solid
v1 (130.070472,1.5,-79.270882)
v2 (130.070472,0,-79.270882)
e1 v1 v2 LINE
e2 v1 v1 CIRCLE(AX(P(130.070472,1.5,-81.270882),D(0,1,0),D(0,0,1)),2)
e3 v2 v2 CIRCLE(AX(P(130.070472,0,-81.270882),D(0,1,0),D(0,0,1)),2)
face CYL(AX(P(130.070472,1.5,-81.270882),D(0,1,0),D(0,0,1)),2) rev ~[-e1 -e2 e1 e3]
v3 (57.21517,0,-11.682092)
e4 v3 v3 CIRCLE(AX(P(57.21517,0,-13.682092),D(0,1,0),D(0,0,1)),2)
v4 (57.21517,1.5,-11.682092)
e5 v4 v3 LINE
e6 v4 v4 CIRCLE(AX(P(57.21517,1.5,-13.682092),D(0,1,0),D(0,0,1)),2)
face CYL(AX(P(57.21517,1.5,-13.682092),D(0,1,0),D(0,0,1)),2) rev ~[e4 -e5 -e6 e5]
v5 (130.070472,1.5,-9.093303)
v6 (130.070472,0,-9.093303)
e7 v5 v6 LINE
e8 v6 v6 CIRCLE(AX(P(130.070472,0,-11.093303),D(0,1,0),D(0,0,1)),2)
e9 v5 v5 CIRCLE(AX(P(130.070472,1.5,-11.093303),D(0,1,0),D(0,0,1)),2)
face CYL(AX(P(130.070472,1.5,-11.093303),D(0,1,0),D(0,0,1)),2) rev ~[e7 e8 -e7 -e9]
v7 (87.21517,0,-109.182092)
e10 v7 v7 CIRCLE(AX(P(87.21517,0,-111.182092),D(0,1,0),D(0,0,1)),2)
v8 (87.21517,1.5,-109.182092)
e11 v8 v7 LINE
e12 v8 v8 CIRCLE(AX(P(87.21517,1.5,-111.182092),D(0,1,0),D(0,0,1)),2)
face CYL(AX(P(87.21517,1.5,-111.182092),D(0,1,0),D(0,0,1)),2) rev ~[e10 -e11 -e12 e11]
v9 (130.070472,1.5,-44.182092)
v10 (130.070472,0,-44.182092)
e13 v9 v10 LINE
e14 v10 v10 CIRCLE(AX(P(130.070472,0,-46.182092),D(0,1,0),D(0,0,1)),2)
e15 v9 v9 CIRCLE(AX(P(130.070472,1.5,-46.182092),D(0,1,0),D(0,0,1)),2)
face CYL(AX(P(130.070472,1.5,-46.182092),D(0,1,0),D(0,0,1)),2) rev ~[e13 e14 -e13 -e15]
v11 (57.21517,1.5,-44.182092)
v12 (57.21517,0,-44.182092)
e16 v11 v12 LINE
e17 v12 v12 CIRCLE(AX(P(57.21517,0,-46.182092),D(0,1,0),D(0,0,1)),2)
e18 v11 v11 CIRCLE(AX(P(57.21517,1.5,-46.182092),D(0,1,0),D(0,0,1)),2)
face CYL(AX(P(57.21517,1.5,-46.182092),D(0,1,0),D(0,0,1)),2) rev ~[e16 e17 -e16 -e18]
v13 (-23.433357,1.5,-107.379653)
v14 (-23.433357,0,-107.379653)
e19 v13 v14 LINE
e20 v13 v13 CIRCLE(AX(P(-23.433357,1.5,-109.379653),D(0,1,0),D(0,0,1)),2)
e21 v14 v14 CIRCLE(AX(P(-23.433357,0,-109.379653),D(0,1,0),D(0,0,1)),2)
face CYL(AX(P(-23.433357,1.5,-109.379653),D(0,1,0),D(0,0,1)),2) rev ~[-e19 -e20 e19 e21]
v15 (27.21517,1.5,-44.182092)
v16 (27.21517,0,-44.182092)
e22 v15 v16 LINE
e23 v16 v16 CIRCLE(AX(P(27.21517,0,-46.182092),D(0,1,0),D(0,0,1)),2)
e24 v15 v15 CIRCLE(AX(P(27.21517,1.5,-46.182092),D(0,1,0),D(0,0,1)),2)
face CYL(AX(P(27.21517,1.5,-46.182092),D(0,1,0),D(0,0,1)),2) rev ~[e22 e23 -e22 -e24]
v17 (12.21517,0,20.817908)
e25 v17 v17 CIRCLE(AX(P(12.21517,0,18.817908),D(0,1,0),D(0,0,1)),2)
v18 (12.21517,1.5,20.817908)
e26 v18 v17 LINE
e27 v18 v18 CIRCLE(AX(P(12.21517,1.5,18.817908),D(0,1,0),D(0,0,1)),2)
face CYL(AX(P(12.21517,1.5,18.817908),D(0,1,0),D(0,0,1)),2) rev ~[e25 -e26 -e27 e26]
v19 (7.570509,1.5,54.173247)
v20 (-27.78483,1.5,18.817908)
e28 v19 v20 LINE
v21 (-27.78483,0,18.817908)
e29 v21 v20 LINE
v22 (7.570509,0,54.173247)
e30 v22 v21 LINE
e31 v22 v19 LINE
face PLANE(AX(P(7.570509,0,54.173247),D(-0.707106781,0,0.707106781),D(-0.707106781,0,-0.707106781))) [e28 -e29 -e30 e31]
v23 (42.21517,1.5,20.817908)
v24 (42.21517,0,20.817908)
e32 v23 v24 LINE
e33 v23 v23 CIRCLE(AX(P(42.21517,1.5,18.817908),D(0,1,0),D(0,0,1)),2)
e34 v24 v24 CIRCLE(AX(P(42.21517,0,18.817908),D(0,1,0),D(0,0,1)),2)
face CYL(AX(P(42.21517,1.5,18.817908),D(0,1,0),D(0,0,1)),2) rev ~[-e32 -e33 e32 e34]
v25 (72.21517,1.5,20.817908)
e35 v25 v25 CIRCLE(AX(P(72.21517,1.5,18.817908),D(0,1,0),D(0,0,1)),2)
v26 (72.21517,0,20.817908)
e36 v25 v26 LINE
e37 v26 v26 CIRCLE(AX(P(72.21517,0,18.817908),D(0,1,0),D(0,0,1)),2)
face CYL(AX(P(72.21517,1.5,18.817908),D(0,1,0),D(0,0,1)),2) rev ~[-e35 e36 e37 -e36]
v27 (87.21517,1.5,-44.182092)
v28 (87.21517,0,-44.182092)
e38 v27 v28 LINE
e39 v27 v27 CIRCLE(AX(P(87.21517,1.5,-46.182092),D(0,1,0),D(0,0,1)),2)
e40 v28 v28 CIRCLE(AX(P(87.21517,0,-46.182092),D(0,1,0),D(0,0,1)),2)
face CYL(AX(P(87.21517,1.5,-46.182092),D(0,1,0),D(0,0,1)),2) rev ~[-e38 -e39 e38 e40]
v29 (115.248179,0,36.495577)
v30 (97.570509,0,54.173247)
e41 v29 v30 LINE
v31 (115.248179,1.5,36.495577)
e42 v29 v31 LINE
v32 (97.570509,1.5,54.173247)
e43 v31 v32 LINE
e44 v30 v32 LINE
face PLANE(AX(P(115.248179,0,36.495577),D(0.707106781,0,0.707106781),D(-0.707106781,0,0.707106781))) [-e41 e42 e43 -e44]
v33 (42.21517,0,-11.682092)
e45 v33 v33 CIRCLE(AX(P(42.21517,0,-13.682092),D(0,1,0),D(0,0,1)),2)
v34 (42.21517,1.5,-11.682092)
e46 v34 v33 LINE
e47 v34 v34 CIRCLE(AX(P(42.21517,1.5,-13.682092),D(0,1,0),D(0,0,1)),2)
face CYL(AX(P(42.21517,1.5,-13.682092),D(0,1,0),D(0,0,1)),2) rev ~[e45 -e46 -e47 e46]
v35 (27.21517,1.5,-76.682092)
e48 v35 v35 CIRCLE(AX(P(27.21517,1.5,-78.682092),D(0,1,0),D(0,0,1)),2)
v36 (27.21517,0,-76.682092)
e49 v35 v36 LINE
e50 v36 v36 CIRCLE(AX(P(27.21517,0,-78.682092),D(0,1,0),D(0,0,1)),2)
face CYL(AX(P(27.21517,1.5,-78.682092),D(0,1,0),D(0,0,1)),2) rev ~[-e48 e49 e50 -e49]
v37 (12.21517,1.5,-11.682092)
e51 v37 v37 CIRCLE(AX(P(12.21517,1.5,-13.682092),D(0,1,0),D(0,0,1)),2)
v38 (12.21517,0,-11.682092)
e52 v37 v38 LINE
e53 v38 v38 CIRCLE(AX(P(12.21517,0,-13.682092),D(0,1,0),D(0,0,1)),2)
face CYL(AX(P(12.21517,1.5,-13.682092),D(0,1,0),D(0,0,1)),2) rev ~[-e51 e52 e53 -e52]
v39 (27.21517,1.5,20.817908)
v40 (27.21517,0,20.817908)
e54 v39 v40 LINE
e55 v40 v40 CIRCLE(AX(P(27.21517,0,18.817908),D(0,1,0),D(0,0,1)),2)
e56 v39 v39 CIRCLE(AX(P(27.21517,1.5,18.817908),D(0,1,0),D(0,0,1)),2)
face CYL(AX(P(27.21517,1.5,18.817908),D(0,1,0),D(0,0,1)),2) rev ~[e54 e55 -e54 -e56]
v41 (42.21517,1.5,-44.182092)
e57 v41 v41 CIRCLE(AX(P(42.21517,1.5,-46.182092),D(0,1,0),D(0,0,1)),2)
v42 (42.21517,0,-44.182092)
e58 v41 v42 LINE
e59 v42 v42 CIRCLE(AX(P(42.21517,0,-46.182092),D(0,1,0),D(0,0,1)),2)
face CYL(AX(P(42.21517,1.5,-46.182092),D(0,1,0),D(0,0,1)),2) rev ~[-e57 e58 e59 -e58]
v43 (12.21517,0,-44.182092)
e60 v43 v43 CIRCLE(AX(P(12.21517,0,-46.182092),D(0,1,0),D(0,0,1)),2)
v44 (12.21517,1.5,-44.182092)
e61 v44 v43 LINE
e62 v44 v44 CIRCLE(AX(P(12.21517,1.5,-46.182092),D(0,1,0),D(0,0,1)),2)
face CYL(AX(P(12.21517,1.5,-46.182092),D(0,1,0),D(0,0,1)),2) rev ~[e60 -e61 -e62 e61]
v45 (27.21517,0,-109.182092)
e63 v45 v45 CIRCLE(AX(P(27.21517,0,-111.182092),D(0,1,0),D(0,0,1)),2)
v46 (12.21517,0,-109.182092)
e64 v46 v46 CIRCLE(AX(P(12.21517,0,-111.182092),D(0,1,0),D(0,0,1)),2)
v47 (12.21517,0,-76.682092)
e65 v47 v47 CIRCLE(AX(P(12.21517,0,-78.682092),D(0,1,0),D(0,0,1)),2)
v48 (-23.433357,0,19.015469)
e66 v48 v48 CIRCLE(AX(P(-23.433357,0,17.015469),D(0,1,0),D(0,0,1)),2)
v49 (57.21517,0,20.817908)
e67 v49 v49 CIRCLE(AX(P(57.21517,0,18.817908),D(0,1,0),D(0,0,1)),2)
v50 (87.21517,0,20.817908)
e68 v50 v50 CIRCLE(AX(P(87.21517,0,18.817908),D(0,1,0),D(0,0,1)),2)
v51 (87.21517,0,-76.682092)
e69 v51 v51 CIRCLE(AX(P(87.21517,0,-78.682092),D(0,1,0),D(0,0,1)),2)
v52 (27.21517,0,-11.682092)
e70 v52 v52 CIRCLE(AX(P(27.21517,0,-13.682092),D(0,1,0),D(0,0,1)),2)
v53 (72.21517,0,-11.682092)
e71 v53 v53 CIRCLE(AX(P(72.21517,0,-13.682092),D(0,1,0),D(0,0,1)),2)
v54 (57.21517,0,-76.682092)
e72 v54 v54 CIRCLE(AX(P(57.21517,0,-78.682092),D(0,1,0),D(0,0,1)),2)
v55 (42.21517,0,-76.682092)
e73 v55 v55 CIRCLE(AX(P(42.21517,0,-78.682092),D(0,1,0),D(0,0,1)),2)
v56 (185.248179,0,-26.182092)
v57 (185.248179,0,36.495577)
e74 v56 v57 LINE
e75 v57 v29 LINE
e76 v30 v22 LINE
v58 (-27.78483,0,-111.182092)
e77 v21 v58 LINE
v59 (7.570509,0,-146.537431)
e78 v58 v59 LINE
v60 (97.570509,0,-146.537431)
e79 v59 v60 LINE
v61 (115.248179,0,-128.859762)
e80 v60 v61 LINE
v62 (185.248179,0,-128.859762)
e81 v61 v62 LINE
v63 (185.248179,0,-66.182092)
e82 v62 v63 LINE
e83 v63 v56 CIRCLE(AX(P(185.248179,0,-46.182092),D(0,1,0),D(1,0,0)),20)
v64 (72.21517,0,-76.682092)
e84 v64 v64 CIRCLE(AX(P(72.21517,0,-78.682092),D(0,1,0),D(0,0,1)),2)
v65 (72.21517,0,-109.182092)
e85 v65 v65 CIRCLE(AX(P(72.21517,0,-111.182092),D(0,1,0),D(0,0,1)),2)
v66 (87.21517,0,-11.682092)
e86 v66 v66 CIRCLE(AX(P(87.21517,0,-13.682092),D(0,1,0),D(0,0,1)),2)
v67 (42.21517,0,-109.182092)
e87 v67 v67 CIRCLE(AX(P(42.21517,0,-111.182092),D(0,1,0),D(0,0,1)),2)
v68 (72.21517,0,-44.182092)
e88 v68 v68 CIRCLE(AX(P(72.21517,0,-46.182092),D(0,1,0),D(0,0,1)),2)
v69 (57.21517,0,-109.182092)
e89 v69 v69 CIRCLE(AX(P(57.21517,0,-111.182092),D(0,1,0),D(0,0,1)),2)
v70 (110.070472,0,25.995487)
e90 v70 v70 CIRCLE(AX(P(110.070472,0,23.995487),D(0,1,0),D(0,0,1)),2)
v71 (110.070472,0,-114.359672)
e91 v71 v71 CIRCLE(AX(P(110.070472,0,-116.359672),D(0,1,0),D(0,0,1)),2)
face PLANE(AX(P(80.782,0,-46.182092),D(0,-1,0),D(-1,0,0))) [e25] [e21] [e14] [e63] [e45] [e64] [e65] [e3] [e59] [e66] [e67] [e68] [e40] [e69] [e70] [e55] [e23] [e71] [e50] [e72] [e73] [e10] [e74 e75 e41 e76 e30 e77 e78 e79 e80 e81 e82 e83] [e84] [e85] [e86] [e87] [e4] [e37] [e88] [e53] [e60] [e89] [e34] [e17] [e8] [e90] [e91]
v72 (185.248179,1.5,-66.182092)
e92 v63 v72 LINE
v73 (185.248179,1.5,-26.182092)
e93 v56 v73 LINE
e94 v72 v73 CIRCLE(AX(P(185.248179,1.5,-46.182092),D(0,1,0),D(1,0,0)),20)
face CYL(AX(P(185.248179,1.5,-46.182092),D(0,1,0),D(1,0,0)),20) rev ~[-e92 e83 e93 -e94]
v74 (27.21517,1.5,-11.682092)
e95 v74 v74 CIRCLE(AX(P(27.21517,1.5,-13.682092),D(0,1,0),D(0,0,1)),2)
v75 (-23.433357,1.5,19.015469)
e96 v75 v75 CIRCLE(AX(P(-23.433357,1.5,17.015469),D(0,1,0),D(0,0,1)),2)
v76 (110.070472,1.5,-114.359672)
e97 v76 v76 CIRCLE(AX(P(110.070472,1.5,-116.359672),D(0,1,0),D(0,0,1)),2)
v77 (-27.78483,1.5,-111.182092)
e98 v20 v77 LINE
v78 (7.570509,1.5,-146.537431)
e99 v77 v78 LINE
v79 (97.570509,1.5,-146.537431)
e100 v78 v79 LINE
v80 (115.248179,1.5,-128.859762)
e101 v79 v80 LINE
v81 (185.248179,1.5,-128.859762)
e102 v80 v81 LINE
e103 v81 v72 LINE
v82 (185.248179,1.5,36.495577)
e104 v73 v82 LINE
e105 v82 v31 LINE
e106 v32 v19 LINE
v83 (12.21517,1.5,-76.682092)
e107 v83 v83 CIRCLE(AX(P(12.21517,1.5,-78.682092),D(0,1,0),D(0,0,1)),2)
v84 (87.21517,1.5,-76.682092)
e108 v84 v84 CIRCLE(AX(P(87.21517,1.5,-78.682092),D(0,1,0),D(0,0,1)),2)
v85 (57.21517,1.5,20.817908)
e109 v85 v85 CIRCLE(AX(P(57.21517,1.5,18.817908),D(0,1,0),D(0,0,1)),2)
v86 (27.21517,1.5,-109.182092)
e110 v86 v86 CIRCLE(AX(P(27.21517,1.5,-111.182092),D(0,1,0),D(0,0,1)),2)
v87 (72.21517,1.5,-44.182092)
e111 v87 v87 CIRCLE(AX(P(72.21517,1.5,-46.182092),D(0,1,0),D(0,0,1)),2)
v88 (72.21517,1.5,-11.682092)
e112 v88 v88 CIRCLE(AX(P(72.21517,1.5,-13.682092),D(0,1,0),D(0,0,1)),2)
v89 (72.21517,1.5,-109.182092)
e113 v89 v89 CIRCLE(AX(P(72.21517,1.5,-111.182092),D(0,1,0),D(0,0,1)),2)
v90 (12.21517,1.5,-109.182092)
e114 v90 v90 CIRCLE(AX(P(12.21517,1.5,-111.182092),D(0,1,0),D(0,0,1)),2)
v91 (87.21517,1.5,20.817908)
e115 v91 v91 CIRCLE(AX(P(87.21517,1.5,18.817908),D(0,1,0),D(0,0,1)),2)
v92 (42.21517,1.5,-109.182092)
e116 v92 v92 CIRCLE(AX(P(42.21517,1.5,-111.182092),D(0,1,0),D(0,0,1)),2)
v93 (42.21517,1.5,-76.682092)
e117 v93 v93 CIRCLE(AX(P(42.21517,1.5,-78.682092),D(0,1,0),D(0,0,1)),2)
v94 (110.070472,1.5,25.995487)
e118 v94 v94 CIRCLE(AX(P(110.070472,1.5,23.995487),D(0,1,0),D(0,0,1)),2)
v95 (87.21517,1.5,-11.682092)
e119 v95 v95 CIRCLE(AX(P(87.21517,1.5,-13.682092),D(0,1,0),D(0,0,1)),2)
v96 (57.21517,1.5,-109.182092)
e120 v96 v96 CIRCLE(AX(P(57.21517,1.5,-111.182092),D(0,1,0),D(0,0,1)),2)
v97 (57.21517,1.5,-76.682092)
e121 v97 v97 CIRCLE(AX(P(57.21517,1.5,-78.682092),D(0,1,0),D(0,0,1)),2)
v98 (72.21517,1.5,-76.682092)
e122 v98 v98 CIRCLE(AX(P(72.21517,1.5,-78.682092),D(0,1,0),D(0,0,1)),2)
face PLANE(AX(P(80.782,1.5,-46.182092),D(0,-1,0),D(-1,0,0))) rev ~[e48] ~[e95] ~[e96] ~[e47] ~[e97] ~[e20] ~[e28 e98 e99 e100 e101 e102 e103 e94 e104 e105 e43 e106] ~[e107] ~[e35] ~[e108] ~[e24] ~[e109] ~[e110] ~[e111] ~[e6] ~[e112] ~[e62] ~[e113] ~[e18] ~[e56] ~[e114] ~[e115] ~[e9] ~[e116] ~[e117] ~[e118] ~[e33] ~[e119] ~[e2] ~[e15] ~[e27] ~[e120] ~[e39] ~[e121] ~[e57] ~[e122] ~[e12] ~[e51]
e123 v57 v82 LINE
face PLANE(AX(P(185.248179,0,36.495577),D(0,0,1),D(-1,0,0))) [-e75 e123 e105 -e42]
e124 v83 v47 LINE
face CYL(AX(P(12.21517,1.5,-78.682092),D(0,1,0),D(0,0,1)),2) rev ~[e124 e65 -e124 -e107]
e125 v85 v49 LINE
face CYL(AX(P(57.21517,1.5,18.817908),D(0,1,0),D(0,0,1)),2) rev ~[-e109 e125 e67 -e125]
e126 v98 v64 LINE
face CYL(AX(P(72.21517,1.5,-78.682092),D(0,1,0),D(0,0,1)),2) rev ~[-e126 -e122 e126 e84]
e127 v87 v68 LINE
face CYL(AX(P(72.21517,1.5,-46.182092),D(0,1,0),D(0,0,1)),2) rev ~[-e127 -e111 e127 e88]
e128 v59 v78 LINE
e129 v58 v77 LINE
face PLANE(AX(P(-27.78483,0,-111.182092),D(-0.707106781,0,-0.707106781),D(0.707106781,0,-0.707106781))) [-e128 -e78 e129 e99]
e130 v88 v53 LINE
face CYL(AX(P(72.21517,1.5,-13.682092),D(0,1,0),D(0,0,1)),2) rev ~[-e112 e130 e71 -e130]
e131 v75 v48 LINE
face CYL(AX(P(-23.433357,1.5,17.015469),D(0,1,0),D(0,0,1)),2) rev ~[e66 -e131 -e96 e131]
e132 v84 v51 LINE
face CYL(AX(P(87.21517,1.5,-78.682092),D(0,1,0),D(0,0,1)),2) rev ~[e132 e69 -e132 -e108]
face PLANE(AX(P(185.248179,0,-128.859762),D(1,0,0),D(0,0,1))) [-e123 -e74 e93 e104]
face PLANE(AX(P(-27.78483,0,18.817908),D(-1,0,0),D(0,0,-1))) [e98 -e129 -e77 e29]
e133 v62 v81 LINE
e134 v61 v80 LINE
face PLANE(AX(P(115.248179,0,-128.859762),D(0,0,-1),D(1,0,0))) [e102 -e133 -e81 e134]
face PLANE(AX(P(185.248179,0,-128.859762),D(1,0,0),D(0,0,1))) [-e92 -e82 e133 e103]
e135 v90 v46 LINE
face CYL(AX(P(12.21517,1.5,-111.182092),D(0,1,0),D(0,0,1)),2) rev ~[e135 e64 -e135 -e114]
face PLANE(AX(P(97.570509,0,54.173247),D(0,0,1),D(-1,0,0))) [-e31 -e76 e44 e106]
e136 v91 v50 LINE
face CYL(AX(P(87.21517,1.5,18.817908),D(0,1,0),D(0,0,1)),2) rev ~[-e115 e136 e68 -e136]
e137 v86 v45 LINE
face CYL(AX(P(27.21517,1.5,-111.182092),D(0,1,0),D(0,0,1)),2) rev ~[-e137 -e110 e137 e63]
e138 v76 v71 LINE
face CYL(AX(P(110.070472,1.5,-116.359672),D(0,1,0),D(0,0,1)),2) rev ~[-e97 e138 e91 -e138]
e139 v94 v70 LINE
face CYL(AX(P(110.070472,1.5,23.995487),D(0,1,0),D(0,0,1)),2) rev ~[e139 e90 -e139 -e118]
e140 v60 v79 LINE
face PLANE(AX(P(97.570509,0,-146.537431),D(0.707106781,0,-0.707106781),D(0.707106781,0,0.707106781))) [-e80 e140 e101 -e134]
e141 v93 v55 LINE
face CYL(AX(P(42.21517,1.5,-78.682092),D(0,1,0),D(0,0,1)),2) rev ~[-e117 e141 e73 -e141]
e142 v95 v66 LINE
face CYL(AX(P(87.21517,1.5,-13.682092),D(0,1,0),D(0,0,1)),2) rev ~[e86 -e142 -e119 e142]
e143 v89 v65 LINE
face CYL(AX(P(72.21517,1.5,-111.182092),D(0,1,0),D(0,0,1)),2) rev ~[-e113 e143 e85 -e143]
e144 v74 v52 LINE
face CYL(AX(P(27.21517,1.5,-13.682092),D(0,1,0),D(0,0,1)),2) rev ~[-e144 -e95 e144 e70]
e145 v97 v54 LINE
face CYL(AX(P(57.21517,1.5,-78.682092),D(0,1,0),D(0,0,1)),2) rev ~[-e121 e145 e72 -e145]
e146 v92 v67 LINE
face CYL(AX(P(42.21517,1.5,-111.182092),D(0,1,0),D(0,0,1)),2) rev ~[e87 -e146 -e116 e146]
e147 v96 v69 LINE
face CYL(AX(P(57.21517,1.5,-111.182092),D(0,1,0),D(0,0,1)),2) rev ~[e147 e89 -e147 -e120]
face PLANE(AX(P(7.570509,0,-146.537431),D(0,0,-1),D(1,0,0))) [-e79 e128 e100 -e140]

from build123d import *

# Parameters (mm, degrees)
Y_KSEKLIK_EKSTR_ZYON1_DEPTH = 1.5
IZIM2_R                     = 2
KES_EKSTR_ZYON1_DEPTH       = 10
IZIM3_R                     = 2
KES_EKSTR_ZYON2_DEPTH       = 10
IZIM4_R                     = 20
KES_EKSTR_ZYON3_DEPTH       = 10


with BuildPart() as part:
    # Çizim1 → Yükseklik-Ekstrüzyon1 (new body)
    with BuildSketch(Plane(origin=(0, 0, 0), x_dir=(1, 0, 0), z_dir=(0, 1, 0))):
        Polygon((-27.784830075, -18.817907641), (-27.784830075, 111.182092359), (7.570508985, 146.537431418), (97.570508985, 146.537431418), (115.248178514, 128.859761888), (185.248178514, 128.859761888), (185.248178514, -36.495577171), (115.248178514, -36.495577171), (97.570508985, -54.173246701), (7.570508985, -54.173246701), align=None)
    extrude(amount=Y_KSEKLIK_EKSTR_ZYON1_DEPTH)

    # Çizim2 → Kes-Ekstrüzyon1 (cut)
    with BuildSketch(Plane(origin=(0, 1.5, 0), x_dir=(1, 0, 0), z_dir=(0, 1, 0))):
        with Locations(Location((-23.433357477, 109.379653392, 0), (0, 0, 270))):
            Circle(IZIM2_R)
        with Locations(Location((-23.433357477, -17.015468675, 0), (0, 0, 270))):
            Circle(IZIM2_R)
        with Locations(Location((110.070471674, -23.995487096, 0), (0, 0, 270))):
            Circle(IZIM2_R)
        with Locations(Location((110.070471674, 116.359671813, 0), (0, 0, 270))):
            Circle(IZIM2_R)
        with Locations(Location((130.070471674, 46.182092359, 0), (0, 0, 270))):
            Circle(IZIM2_R)
        with Locations(Location((130.070471674, 81.270882086, 0), (0, 0, 270))):
            Circle(IZIM2_R)
        with Locations(Location((130.070471674, 11.093302631, 0), (0, 0, 270))):
            Circle(IZIM2_R)
    extrude(amount=-KES_EKSTR_ZYON1_DEPTH, mode=Mode.SUBTRACT)

    # Çizim3 → Kes-Ekstrüzyon2 (cut)
    with BuildSketch(Plane(origin=(0, 1.5, 0), x_dir=(1, 0, 0), z_dir=(0, 1, 0))):
        with Locations(Location((12.215169925, 46.182092359, 0), (0, 0, 270))):
            Circle(IZIM3_R)
        with Locations(Location((12.215169925, 78.682092359, 0), (0, 0, 270))):
            Circle(IZIM3_R)
        with Locations(Location((12.215169925, 13.682092359, 0), (0, 0, 270))):
            Circle(IZIM3_R)
        with Locations(Location((27.215169925, 78.682092359, 0), (0, 0, 270))):
            Circle(IZIM3_R)
        with Locations(Location((42.215169925, 78.682092359, 0), (0, 0, 270))):
            Circle(IZIM3_R)
        with Locations(Location((57.215169925, 78.682092359, 0), (0, 0, 270))):
            Circle(IZIM3_R)
        with Locations(Location((72.215169925, 78.682092359, 0), (0, 0, 270))):
            Circle(IZIM3_R)
        with Locations(Location((87.215169925, 78.682092359, 0), (0, 0, 270))):
            Circle(IZIM3_R)
        with Locations(Location((27.215169925, 46.182092359, 0), (0, 0, 270))):
            Circle(IZIM3_R)
        with Locations(Location((42.215169925, 46.182092359, 0), (0, 0, 270))):
            Circle(IZIM3_R)
        with Locations(Location((57.215169925, 46.182092359, 0), (0, 0, 270))):
            Circle(IZIM3_R)
        with Locations(Location((72.215169925, 46.182092359, 0), (0, 0, 270))):
            Circle(IZIM3_R)
        with Locations(Location((87.215169925, 46.182092359, 0), (0, 0, 270))):
            Circle(IZIM3_R)
        with Locations(Location((27.215169925, 13.682092359, 0), (0, 0, 270))):
            Circle(IZIM3_R)
        with Locations(Location((42.215169925, 13.682092359, 0), (0, 0, 270))):
            Circle(IZIM3_R)
        with Locations(Location((57.215169925, 13.682092359, 0), (0, 0, 270))):
            Circle(IZIM3_R)
        with Locations(Location((72.215169925, 13.682092359, 0), (0, 0, 270))):
            Circle(IZIM3_R)
        with Locations(Location((87.215169925, 13.682092359, 0), (0, 0, 270))):
            Circle(IZIM3_R)
        with Locations(Location((12.215169925, -18.817907641, 0), (0, 0, 270))):
            Circle(IZIM3_R)
        with Locations(Location((12.215169925, 111.182092359, 0), (0, 0, 270))):
            Circle(IZIM3_R)
        with Locations(Location((27.215169925, 111.182092359, 0), (0, 0, 270))):
            Circle(IZIM3_R)
        with Locations(Location((42.215169925, 111.182092359, 0), (0, 0, 270))):
            Circle(IZIM3_R)
        with Locations(Location((57.215169925, 111.182092359, 0), (0, 0, 270))):
            Circle(IZIM3_R)
        with Locations(Location((72.215169925, 111.182092359, 0), (0, 0, 270))):
            Circle(IZIM3_R)
        with Locations(Location((87.215169925, 111.182092359, 0), (0, 0, 270))):
            Circle(IZIM3_R)
        with Locations(Location((27.215169925, -18.817907641, 0), (0, 0, 270))):
            Circle(IZIM3_R)
        with Locations(Location((42.215169925, -18.817907641, 0), (0, 0, 270))):
            Circle(IZIM3_R)
        with Locations(Location((57.215169925, -18.817907641, 0), (0, 0, 270))):
            Circle(IZIM3_R)
        with Locations(Location((72.215169925, -18.817907641, 0), (0, 0, 270))):
            Circle(IZIM3_R)
        with Locations(Location((87.215169925, -18.817907641, 0), (0, 0, 270))):
            Circle(IZIM3_R)
    extrude(amount=-KES_EKSTR_ZYON2_DEPTH, mode=Mode.SUBTRACT)

    # Çizim4 → Kes-Ekstrüzyon3 (cut)
    with BuildSketch(Plane(origin=(0, 1.5, 0), x_dir=(1, 0, 0), z_dir=(0, 1, 0))):
        with Locations((185.248178514, 46.182092359)):
            Circle(IZIM4_R)
    extrude(amount=-KES_EKSTR_ZYON3_DEPTH, mode=Mode.SUBTRACT)


solid = part.part
